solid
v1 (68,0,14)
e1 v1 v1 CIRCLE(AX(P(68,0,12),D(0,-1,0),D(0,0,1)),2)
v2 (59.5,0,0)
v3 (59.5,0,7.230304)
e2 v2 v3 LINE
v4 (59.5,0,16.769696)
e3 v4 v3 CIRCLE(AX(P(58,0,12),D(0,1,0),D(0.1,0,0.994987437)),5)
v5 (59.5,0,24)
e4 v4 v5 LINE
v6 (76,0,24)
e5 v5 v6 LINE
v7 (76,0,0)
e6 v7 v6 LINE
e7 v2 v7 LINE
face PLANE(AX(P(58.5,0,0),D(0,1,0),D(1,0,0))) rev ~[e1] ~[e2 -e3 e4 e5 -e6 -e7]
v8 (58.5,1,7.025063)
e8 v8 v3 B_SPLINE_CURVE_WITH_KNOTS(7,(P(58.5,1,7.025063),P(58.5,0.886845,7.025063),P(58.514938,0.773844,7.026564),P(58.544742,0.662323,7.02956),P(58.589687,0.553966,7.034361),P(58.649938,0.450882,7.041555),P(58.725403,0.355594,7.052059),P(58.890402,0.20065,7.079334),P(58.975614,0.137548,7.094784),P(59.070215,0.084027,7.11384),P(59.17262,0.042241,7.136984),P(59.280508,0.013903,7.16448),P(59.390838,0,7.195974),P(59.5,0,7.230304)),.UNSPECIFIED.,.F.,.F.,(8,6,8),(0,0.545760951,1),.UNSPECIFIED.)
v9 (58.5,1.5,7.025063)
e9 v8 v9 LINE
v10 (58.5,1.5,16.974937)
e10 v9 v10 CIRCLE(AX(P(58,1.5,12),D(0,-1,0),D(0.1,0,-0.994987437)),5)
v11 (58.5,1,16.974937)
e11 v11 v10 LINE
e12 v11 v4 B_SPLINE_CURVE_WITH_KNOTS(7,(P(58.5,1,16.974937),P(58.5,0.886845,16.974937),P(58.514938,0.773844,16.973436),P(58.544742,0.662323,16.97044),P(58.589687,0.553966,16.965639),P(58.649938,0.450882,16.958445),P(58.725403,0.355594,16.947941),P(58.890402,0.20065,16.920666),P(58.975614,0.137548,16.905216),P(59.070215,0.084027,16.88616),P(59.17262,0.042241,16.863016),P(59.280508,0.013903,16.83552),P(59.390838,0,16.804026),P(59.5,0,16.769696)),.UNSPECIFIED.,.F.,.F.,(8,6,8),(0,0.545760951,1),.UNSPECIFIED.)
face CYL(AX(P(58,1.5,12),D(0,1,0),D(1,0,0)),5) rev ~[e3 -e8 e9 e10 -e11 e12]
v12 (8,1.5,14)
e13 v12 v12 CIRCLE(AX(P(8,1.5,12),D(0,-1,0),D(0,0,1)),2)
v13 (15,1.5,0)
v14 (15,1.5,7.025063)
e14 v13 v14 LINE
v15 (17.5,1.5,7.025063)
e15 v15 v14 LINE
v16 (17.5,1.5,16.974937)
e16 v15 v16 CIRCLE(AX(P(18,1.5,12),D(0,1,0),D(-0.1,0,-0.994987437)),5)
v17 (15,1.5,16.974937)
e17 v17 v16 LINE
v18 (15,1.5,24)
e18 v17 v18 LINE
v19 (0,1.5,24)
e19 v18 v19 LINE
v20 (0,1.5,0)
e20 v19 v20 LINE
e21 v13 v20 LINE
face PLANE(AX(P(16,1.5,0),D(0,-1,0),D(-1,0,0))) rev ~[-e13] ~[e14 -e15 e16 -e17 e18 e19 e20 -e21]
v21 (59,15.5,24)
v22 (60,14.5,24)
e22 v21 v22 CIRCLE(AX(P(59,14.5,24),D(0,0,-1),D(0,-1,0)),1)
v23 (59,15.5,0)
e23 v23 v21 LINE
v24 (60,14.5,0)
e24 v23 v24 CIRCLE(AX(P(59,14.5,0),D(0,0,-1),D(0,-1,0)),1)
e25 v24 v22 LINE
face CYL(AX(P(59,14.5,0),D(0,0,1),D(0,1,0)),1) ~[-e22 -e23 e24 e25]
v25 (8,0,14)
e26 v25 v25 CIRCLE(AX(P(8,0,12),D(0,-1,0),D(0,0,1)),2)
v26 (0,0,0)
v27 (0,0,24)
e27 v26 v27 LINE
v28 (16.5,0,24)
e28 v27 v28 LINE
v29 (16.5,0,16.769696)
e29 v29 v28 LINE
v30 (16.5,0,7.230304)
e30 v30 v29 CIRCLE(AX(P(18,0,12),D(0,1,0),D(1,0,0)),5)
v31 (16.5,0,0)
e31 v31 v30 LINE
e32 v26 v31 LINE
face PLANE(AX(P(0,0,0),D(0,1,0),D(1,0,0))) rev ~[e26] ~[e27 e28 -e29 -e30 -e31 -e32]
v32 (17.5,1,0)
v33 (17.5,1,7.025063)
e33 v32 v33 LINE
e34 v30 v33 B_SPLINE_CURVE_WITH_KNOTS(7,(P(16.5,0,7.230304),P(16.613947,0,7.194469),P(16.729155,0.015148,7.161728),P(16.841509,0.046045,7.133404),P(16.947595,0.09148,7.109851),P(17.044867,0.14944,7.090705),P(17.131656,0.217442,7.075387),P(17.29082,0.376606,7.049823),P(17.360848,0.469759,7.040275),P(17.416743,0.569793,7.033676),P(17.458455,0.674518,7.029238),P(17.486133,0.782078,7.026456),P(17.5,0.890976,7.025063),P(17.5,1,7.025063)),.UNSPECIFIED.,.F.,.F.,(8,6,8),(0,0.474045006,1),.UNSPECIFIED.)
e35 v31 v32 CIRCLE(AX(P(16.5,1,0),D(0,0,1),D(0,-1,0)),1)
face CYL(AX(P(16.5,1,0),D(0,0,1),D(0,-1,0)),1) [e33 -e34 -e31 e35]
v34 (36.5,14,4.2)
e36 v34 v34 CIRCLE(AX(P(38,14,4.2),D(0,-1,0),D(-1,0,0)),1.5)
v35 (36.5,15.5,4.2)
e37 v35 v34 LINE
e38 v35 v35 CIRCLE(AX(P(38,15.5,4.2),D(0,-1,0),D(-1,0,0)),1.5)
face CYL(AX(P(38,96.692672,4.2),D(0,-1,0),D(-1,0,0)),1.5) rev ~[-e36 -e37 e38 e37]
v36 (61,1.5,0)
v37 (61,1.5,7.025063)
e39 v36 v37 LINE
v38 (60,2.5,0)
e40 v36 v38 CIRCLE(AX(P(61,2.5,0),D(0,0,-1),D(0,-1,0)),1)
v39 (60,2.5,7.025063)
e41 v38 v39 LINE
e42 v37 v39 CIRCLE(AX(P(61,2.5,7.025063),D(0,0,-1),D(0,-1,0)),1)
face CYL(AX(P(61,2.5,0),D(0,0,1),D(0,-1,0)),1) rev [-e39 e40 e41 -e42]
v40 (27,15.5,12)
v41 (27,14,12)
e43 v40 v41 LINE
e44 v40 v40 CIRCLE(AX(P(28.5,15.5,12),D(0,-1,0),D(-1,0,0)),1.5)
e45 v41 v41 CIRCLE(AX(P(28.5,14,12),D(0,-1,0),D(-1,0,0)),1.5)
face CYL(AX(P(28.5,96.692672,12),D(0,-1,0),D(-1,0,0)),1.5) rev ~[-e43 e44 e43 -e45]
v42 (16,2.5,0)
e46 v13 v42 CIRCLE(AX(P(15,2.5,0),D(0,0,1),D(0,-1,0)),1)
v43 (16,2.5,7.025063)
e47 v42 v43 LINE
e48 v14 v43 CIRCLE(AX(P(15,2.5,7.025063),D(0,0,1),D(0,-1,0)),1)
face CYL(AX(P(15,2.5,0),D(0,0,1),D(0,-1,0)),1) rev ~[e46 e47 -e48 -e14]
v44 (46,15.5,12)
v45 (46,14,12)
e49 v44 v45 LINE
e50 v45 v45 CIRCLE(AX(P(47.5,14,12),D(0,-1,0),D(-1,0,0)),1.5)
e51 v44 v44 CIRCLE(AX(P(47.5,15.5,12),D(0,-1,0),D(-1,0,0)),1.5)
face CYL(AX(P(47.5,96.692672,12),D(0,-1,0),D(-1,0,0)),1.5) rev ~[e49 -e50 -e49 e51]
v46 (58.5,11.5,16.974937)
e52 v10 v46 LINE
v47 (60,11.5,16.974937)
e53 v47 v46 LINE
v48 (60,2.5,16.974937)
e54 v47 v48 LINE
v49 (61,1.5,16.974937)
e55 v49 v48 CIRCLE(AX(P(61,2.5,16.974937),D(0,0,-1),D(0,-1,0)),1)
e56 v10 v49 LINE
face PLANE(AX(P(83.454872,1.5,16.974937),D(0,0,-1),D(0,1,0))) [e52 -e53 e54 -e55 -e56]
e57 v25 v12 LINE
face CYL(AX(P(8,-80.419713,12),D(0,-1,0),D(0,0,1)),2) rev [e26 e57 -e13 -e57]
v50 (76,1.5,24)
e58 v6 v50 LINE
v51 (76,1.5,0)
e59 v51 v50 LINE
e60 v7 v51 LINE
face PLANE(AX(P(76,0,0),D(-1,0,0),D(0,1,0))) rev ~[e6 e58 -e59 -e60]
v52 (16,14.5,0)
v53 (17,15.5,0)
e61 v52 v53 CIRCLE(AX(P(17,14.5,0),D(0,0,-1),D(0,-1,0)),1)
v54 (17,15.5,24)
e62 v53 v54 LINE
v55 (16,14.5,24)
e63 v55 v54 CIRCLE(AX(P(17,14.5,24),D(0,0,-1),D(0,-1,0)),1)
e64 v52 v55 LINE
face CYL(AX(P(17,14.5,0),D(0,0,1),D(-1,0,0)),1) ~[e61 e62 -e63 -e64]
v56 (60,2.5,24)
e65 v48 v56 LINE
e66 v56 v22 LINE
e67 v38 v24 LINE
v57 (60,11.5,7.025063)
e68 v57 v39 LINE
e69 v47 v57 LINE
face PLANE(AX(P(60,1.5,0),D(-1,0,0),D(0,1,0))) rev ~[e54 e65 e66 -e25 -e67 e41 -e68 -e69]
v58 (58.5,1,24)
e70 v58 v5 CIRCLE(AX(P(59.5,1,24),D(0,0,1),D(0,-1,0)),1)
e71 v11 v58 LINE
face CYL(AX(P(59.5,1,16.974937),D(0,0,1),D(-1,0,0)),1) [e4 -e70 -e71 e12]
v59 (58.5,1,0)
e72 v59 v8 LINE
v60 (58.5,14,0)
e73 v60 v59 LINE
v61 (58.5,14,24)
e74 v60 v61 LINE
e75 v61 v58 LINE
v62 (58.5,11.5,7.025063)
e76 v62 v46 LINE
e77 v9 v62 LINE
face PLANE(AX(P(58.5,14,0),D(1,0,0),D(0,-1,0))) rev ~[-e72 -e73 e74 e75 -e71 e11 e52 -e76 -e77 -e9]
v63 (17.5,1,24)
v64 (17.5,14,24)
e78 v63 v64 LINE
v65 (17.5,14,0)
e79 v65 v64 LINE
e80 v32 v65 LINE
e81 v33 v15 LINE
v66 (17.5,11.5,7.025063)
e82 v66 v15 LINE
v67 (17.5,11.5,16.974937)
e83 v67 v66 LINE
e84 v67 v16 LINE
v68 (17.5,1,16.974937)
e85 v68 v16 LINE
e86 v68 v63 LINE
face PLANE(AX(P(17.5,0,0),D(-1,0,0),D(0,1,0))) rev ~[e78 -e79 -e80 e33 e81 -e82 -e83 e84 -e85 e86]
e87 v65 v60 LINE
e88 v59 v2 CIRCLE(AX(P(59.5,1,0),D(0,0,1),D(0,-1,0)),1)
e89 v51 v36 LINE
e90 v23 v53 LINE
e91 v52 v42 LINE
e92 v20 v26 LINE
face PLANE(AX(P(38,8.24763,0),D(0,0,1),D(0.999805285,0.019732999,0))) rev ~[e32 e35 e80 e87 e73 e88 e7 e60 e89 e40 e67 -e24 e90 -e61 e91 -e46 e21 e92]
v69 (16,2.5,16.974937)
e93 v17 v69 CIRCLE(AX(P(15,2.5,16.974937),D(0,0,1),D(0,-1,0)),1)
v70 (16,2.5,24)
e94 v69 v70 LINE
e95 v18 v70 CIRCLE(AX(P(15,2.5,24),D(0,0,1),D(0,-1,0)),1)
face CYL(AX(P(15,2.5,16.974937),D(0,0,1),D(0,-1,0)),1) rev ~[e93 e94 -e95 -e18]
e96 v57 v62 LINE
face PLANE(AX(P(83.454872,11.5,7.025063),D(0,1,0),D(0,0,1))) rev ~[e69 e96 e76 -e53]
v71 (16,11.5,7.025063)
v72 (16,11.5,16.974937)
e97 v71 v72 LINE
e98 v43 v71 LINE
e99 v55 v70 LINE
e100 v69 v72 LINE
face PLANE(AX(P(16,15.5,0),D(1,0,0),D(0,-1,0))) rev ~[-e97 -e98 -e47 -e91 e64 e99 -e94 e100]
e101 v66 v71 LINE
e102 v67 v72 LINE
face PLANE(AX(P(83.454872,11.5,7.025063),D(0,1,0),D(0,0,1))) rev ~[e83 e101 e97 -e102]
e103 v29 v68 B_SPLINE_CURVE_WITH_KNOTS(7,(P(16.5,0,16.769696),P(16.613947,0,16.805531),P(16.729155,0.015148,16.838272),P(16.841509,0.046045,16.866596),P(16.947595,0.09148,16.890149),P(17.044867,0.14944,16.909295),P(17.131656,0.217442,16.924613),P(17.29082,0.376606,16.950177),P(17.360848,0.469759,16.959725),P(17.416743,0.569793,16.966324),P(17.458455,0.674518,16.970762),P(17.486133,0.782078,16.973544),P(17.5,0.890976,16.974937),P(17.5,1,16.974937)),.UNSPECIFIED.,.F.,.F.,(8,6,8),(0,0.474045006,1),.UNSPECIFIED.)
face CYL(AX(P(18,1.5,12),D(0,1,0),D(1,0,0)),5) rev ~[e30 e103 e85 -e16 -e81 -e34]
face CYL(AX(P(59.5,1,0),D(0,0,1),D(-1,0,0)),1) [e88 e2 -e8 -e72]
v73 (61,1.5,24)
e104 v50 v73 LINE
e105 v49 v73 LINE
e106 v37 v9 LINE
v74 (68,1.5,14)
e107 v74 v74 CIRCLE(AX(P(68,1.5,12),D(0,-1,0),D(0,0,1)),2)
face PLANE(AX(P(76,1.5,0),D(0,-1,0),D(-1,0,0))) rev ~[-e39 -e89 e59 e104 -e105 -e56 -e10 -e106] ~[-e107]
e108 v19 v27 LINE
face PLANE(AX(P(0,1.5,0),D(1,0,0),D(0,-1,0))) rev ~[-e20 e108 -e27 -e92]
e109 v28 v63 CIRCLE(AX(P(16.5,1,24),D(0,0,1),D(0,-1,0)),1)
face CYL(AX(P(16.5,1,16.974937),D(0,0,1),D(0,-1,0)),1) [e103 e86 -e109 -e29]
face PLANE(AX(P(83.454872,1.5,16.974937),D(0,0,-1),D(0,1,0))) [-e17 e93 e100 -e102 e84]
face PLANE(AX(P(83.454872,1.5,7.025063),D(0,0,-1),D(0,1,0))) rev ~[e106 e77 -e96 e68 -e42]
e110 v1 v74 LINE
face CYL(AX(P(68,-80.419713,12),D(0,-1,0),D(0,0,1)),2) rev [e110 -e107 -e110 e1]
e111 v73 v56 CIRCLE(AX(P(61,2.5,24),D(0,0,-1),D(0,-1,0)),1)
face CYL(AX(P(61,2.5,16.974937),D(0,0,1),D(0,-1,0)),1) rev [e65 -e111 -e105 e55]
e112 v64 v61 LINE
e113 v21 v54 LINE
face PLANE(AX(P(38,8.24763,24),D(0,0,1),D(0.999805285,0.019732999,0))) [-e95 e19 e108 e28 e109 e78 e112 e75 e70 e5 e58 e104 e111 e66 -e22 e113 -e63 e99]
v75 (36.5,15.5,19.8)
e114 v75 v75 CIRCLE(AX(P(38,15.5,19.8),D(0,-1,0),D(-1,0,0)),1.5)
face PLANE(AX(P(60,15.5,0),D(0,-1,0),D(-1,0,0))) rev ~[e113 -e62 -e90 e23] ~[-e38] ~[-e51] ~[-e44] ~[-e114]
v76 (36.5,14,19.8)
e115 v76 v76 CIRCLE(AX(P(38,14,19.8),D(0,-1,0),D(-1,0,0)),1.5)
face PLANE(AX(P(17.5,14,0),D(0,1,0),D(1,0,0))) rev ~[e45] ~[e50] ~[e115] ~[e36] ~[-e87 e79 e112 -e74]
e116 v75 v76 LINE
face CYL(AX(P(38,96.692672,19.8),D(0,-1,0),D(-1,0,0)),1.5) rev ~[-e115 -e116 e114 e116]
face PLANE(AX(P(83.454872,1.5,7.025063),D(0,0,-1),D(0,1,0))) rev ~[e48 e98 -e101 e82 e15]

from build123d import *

# Parameters (mm, degrees)
BOSS_EXTRUDE2_DEPTH     = 24
CUT_EXTRUDE1_DEPTH      = 81.91971329657565
CUT_EXTRUDE1_DEPTH_BACK = 81.91971329657565
SKETCH17_R              = 1.9999999999999996
SKETCH17_R_2            = 1.9999999999999962
F_3_0MM_DOWEL_HOLE1_D   = 3
SKETCH22_R              = 5.000000000000001
SKETCH22_R_2            = 4.9999999999999964
CUT_EXTRUDE2_DEPTH      = 1.5
CUT_EXTRUDE3_DEPTH      = 67.45487190567748
CUT_EXTRUDE3_DEPTH_BACK = 67.45487190567748
SKETCH23_W              = 9.949874371066619
SKETCH23_H              = 10
FILLET1_R               = 1


with BuildPart() as part:
    # 3DSketch1 → Boss-Extrude2 (new body)
    with BuildSketch(Plane(origin=(0, 0, 0), x_dir=(0.9998052854172774, 0.01973299905428837, 0), z_dir=(0, -2.14e-15, 1))):
        Polygon((0, 0), (17.496592494802357, -0.34532748345004655), (17.772854481562394, 13.65194651239183), (58.76487118367076, 12.842893551166007), (58.48860919691073, -1.1543804446758696), (75.98520169171307, -1.499707928125916), (76.0148011902945, 2.2e-16), (60.01791662361808, 0.315727984868614), (60.29417861037812, 14.313001980710496), (16.302746052017905, 15.181253939099182), (16.02648406525787, 1.1839799432573024), (0.02959949858143255, 1.4997079281259162), align=None)
    extrude(amount=BOSS_EXTRUDE2_DEPTH)

    # Sketch17 → Cut-Extrude1 (cut, two sides: drawn at the far end of the back side and taken through both)
    with BuildSketch(Plane(origin=(0, 1.5, 0), x_dir=(1, 0, 0), z_dir=(0, 1, 0)).offset(-CUT_EXTRUDE1_DEPTH_BACK)):
        with Locations(Location((8, -12.000000000000002, 0), (0, 0, 270))):
            Circle(SKETCH17_R)
        with Locations(Location((68, -12.000000000000002, 0), (0, 0, 270))):
            Circle(SKETCH17_R_2)
    extrude(amount=CUT_EXTRUDE1_DEPTH + CUT_EXTRUDE1_DEPTH_BACK, mode=Mode.SUBTRACT)

    # Ø3.0mm Dowel Hole1 (through all)
    with Locations(Plane(origin=(-6.1e-16, 15.499999999999996, 0), x_dir=(1, 0, 0), z_dir=(0, 1, 0))):
        with Locations((28.5, -12), (47.5, -12), (38, -19.8), (38, -4.2)):
            Hole(F_3_0MM_DOWEL_HOLE1_D / 2)

    # Sketch22 → Cut-Extrude2 (cut)
    with BuildSketch(Plane(origin=(0, 1.5, 0), x_dir=(1, 0, 0), z_dir=(0, 1, 0))):
        with Locations((17.999999999997943, -12.000000000000927)):
            Circle(SKETCH22_R)
        with Locations((58.00000000000207, -12.000000000000927)):
            Circle(SKETCH22_R_2)
    extrude(amount=-CUT_EXTRUDE2_DEPTH, mode=Mode.SUBTRACT)

    # Sketch23 → Cut-Extrude3 (cut, two sides: drawn at the far end of the back side and taken through both)
    with BuildSketch(Plane.ZY.offset(-16).offset(-CUT_EXTRUDE3_DEPTH_BACK)):
        with Locations((12.000000000000927, 6.5)):
            Rectangle(SKETCH23_W, SKETCH23_H)
    extrude(amount=CUT_EXTRUDE3_DEPTH + CUT_EXTRUDE3_DEPTH_BACK, mode=Mode.SUBTRACT)

    # Fillet1
    fillet1_edges = [part.edges().sort_by_distance(p)[0] for p in [
        (17.500000000000004, -7.53e-15, 3.5125314072338187),
        (17.500000000000004, -4.389e-14, 20.487468592767108),
        (58.50000000000001, -7.53e-15, 3.5125314072338205),
        (58.50000000000001, -4.389e-14, 20.487468592767108),
        (16, 15.499999999999973, 12.000000000000034),
        (60.000000000000014, 15.499999999999975, 12.000000000000034),
        (60.00000000000001, 1.499999999999956, 20.48746859276712),
        (60.00000000000001, 1.4999999999999925, 3.512531407233811),
        (15.999999999999998, 1.4999999999999565, 20.48746859276712),
        (15.999999999999998, 1.499999999999993, 3.5125314072338107),
    ]]
    fillet(fillet1_edges, radius=FILLET1_R)


solid = part.part
